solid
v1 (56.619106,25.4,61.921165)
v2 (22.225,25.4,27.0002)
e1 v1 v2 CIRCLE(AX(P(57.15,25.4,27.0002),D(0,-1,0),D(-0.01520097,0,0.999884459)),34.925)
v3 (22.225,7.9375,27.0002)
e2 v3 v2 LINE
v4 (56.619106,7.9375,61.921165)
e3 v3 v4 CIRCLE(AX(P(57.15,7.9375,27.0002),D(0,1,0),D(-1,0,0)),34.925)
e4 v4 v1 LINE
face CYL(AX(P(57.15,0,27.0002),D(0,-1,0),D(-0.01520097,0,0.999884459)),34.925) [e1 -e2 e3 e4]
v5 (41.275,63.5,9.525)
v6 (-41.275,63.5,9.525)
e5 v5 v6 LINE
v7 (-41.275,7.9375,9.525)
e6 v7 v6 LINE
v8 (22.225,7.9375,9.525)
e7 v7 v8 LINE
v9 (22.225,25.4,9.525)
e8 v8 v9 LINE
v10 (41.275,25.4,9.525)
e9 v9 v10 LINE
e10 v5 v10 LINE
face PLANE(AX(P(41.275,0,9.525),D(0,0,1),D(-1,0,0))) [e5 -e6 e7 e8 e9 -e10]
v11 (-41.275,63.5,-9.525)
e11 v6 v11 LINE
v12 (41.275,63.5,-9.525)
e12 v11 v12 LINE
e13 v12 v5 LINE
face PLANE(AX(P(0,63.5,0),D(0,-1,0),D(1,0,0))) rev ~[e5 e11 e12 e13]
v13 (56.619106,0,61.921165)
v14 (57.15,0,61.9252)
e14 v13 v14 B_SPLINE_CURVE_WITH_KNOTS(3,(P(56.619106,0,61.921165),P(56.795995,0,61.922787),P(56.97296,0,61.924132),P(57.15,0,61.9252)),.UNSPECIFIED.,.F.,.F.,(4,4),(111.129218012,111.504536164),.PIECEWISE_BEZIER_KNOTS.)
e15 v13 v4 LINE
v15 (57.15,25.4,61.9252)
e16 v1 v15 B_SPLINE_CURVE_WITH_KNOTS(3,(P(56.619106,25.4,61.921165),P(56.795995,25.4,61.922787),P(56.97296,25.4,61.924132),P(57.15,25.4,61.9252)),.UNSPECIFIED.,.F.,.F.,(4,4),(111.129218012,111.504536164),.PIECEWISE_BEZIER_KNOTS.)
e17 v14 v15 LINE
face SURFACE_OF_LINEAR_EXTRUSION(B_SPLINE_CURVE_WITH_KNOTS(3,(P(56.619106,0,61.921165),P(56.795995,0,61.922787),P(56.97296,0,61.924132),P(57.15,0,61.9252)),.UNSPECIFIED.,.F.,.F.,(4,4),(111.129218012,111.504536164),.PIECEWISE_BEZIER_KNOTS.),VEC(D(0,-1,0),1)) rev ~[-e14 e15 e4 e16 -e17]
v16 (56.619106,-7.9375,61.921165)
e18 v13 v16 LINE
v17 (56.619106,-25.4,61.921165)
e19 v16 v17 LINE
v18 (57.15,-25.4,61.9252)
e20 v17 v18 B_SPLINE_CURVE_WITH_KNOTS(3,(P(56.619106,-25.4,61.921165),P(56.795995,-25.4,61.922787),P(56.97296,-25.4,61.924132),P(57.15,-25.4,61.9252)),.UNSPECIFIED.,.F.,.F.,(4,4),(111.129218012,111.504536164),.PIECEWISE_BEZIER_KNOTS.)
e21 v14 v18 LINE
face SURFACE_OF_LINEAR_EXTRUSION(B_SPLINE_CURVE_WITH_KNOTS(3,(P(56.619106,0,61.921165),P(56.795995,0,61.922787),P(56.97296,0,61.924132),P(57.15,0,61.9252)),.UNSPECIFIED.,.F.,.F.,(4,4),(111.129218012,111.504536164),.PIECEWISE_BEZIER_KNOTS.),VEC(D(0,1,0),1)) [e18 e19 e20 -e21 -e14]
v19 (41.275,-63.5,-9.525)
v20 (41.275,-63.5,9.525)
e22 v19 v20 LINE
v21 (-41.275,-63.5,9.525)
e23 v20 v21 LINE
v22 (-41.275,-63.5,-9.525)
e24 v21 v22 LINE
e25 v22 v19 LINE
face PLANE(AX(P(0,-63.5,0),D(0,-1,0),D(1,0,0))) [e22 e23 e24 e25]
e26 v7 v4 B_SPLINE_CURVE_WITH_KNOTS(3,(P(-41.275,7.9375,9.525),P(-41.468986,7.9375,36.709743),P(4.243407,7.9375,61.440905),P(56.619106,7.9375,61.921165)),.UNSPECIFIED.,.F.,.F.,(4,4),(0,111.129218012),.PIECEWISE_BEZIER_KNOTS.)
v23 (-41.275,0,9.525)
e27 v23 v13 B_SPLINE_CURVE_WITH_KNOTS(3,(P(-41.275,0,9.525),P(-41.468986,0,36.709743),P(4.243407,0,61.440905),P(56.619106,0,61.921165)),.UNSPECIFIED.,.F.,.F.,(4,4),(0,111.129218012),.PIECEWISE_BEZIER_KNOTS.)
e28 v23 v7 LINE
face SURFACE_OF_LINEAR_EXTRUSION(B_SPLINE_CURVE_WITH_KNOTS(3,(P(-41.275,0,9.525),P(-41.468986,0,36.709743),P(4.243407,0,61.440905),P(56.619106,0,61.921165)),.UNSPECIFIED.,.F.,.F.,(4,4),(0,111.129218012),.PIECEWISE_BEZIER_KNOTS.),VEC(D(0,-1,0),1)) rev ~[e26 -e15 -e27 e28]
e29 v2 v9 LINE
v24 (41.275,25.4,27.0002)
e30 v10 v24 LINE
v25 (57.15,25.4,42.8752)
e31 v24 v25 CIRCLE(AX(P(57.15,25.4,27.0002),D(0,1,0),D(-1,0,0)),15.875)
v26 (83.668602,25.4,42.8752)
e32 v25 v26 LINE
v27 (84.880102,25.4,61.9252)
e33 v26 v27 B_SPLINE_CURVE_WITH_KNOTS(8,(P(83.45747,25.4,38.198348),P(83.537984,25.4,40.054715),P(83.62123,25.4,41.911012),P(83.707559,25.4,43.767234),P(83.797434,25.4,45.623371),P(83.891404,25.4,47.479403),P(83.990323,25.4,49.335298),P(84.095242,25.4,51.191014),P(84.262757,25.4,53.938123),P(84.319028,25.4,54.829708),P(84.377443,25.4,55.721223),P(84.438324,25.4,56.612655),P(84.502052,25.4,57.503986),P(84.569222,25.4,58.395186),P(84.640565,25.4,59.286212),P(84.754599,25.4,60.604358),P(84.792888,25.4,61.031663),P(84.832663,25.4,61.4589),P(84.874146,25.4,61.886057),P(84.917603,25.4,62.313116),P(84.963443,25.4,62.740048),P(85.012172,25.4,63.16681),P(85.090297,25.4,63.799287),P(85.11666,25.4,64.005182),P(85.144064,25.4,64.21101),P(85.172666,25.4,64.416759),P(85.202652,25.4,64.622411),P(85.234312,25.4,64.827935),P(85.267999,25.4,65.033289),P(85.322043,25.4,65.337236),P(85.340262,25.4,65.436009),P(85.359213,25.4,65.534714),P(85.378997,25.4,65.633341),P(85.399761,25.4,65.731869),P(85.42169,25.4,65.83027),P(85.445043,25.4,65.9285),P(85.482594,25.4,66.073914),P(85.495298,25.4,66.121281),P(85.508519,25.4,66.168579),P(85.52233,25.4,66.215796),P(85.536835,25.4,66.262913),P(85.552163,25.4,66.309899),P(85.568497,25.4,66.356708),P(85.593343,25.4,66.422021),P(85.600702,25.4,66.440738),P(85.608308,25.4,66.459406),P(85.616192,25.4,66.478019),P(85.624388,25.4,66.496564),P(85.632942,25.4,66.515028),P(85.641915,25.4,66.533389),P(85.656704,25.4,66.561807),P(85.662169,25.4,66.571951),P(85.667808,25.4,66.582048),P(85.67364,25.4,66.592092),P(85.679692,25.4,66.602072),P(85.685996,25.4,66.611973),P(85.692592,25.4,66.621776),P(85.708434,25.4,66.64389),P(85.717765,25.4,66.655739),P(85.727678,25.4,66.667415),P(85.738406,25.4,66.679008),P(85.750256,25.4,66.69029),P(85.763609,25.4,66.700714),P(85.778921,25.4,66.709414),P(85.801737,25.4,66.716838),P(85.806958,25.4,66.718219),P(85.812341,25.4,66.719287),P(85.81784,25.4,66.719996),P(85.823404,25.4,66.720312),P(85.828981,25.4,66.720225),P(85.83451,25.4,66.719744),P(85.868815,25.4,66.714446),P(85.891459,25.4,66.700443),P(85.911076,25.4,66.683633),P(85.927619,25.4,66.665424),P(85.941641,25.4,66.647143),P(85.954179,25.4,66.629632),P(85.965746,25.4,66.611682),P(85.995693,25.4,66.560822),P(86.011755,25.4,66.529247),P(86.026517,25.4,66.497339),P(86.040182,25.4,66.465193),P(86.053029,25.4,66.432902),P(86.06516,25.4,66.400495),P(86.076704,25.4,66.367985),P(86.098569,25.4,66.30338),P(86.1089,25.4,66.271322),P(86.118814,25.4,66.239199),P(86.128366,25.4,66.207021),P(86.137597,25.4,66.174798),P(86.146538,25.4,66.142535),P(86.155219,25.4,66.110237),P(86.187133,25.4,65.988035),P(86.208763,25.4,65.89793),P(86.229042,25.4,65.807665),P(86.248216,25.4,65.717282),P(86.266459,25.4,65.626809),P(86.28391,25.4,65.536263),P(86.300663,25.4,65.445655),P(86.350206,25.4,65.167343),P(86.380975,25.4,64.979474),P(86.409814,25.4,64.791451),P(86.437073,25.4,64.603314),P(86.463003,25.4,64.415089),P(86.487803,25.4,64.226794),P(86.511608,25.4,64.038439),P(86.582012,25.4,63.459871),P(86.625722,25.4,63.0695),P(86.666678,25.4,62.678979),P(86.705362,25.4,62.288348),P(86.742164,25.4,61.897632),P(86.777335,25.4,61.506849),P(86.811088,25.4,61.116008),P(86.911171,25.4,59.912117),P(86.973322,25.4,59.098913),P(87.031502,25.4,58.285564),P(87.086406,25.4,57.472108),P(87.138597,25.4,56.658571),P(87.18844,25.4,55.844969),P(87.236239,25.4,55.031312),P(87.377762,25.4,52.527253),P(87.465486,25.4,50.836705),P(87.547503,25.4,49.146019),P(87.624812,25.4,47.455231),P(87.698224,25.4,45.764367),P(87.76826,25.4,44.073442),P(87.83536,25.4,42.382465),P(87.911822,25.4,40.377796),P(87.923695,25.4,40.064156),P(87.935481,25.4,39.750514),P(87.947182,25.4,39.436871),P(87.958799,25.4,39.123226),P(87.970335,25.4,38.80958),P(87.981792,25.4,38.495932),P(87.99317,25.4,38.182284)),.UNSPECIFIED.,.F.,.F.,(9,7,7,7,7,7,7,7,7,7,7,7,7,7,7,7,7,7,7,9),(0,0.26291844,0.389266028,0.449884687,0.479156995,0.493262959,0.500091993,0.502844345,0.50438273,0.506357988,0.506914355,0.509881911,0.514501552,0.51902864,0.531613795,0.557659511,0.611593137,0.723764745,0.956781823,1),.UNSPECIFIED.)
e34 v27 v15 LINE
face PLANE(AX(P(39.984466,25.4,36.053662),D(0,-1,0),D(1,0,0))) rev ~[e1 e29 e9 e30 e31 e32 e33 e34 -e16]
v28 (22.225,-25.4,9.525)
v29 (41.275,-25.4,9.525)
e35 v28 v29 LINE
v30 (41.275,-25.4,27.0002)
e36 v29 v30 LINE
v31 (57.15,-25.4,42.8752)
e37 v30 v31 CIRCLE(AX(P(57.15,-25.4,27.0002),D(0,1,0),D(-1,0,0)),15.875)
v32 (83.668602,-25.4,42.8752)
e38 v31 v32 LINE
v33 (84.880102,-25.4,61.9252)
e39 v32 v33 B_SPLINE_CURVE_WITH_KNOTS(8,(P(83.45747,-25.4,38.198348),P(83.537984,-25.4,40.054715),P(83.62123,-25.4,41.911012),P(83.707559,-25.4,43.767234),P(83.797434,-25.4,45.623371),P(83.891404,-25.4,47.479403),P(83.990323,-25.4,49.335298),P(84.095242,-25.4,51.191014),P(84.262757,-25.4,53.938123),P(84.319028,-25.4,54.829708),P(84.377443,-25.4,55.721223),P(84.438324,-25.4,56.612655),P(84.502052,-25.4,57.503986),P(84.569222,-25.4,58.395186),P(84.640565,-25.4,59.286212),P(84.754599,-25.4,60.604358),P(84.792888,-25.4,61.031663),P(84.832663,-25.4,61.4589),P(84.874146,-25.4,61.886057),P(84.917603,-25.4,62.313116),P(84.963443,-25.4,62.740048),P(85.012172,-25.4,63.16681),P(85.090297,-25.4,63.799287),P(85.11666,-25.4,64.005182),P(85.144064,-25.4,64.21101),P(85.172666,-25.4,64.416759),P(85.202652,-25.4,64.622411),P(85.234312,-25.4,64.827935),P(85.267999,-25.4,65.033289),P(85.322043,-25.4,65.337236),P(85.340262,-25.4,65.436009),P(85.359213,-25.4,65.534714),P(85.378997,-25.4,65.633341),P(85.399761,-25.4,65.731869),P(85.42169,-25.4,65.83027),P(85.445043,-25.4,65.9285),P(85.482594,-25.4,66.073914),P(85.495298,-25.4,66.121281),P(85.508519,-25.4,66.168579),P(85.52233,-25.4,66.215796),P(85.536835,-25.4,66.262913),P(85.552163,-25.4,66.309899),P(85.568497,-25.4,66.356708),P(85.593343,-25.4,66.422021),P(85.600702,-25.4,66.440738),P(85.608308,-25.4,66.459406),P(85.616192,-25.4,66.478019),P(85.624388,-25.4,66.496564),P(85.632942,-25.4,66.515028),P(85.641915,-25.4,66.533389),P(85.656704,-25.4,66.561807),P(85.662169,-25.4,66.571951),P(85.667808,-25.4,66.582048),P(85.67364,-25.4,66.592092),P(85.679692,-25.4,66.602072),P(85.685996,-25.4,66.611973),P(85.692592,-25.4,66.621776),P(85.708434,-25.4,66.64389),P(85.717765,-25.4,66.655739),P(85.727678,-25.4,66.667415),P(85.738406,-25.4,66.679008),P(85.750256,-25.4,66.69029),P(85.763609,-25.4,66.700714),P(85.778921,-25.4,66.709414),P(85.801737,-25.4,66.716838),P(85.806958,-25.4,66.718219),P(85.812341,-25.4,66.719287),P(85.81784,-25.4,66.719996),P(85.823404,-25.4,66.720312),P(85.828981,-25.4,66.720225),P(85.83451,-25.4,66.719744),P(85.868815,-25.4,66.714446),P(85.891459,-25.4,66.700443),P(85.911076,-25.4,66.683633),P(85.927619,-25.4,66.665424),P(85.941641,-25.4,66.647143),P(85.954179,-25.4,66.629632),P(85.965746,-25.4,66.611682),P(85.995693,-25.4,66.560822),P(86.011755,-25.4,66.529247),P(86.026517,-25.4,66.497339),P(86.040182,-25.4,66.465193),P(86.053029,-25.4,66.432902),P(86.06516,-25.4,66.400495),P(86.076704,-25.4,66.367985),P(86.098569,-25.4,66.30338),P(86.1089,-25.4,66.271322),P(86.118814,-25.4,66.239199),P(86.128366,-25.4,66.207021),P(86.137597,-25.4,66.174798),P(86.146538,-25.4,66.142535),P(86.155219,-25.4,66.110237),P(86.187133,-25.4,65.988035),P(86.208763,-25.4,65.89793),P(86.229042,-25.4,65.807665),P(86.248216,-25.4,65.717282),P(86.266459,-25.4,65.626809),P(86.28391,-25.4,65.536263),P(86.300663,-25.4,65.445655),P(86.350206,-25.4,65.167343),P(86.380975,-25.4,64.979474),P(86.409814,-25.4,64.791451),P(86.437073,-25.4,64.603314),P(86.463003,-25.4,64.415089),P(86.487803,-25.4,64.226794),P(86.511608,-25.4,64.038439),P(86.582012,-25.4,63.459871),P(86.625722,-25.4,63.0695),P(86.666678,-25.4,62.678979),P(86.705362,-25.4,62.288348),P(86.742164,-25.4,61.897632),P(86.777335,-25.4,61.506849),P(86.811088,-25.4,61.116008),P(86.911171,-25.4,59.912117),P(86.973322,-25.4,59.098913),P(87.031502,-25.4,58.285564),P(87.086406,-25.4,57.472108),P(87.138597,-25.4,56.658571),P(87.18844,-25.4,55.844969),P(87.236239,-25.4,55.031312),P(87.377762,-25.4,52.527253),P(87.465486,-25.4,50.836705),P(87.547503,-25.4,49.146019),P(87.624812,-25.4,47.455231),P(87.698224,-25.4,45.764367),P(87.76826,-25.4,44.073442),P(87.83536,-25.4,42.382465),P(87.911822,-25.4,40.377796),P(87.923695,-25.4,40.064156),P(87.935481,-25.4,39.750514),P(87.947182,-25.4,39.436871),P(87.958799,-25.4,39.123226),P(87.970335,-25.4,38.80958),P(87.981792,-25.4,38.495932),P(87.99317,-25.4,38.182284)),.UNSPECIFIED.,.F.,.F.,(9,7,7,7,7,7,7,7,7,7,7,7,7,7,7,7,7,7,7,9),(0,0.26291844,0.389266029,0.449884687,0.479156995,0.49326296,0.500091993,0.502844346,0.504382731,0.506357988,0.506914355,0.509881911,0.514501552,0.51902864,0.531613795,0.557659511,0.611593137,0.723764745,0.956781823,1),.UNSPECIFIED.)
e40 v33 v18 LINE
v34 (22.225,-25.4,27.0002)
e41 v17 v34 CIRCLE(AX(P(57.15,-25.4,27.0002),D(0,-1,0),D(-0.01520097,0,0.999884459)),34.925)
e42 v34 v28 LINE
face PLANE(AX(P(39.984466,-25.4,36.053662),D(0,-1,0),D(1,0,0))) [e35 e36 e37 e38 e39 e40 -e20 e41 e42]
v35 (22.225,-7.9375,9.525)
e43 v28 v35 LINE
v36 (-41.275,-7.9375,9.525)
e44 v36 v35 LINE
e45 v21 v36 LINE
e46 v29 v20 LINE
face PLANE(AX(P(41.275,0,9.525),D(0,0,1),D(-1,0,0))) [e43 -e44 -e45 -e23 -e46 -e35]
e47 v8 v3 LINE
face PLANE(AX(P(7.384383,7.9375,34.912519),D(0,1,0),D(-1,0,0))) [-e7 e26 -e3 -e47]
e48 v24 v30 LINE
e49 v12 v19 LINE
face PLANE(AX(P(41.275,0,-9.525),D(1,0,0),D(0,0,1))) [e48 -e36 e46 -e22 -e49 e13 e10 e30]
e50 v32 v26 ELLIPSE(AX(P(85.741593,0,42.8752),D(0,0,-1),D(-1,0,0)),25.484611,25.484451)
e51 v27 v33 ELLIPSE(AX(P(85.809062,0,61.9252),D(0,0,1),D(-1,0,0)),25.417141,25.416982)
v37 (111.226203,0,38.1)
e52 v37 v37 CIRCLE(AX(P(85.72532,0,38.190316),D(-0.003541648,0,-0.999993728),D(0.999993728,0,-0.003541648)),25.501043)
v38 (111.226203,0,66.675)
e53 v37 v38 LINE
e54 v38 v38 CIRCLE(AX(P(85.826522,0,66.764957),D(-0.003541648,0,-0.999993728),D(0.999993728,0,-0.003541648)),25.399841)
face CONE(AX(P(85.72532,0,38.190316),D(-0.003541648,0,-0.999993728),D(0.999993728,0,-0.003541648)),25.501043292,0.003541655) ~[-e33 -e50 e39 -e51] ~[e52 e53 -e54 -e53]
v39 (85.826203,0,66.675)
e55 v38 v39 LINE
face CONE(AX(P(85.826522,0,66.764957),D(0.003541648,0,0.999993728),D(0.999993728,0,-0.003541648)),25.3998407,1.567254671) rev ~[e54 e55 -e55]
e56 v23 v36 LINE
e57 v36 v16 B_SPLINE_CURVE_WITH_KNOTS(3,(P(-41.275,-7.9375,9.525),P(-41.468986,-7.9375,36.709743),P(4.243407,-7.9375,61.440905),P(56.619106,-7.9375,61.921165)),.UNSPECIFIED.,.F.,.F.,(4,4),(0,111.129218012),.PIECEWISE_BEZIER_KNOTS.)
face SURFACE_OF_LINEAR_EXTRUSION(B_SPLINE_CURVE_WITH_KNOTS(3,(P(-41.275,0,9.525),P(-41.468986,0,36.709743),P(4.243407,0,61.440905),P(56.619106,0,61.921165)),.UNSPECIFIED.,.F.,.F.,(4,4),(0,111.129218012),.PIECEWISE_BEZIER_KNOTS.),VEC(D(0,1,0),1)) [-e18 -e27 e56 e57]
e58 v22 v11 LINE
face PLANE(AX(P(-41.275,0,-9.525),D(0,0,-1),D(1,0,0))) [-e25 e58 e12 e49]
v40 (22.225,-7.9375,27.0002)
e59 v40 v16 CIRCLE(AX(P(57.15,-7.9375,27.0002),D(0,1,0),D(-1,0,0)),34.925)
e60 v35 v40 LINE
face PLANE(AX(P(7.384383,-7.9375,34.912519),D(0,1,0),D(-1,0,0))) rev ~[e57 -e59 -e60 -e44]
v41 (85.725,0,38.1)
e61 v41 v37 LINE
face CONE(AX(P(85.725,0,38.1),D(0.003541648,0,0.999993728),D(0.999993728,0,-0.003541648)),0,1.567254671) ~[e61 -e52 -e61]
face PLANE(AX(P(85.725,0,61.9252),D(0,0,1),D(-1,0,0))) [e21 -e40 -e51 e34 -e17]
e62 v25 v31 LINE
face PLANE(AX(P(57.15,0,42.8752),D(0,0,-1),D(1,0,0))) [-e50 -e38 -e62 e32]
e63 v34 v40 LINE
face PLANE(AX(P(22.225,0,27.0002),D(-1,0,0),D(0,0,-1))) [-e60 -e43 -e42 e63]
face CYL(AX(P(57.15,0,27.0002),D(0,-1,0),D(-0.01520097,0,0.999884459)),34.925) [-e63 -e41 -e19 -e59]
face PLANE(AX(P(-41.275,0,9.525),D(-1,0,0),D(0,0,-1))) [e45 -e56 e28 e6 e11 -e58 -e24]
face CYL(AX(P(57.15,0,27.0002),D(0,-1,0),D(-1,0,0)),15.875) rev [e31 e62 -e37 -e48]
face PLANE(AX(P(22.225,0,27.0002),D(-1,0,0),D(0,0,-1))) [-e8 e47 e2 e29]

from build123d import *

# Parameters (mm, degrees)
F1_DEPTH = 63.5
F0_W     = 25.298796773
F0_H     = 19.05
F2_DEPTH = 25.4
F3_DEPTH = 7.9375


with BuildPart() as f1:
    # F0 (on Front) → F1 (new body, symmetric)
    with BuildSketch(Plane.XZ):
        Polygon((-41.275, -9.525), (41.275, -9.525), (41.275, 9.525), (22.225, 9.525), (-41.275, 9.525), align=None)
    extrude(amount=F1_DEPTH, both=True)

    # F0 (on Front) → F2 (join, symmetric)
    with BuildSketch(Plane.XZ):
        with BuildLine():
            Line((22.225, 9.525), (41.275, 9.525))
            Line((41.275, 9.525), (41.275, 27.0002))
            ThreePointArc((41.275, 27.0002), (45.9246798487, 38.2255201513), (57.15, 42.8752))
            Line((57.15, 42.8752), (60.426203227, 42.8752))
            Line((60.426203227, 42.8752), (60.426203227, 61.9252))
            Line((60.426203227, 61.9252), (57.15, 61.9252))
            add(Edge.make_bspline(
                [(56.6191061184, 61.9211647159), (56.7959952463, 61.9227867022), (56.9729603774, 61.9241320768), (57.15, 61.9252)],
                knots=[111.1292180124, 111.1292180124, 111.1292180124, 111.1292180124, 111.5045361635, 111.5045361635, 111.5045361635, 111.5045361635], degree=3))
            ThreePointArc((56.6191061184, 61.9211647159), (32.2673042677, 51.5074862246), (22.225, 27.0002))
            Line((22.225, 27.0002), (22.225, 9.525))
        make_face()
        with Locations((73.0756016135, 52.4002)):
            Rectangle(F0_W, F0_H)
    extrude(amount=F2_DEPTH, both=True)

    # F0 (on Front) → F3 (join, symmetric)
    with BuildSketch(Plane.XZ):
        with BuildLine():
            add(Edge.make_bspline(
                [(-41.275, 9.525), (-41.4689858788, 36.7097428775), (4.2434072851, 61.440905318), (56.6191061184, 61.9211647159)],
                knots=[0, 0, 0, 0, 111.1292180124, 111.1292180124, 111.1292180124, 111.1292180124], degree=3))
            Line((-41.275, 9.525), (22.225, 9.525))
            Line((22.225, 9.525), (22.225, 27.0002))
            ThreePointArc((22.225, 27.0002), (32.2673042677, 51.5074862246), (56.6191061184, 61.9211647159))
        make_face()
    extrude(amount=F3_DEPTH, both=True)

    # F0 (on Front) → F4 (revolve)
    with BuildSketch(Plane.XZ):
        Polygon((85.826203227, 66.675), (85.725, 38.1), (111.226203227, 38.1), (111.226203227, 66.675), align=None)
    revolve(axis=Axis((85.7756016135, 0, 52.3875), (-0.003541648, 0, -0.9999937283)))


solid = f1.part
